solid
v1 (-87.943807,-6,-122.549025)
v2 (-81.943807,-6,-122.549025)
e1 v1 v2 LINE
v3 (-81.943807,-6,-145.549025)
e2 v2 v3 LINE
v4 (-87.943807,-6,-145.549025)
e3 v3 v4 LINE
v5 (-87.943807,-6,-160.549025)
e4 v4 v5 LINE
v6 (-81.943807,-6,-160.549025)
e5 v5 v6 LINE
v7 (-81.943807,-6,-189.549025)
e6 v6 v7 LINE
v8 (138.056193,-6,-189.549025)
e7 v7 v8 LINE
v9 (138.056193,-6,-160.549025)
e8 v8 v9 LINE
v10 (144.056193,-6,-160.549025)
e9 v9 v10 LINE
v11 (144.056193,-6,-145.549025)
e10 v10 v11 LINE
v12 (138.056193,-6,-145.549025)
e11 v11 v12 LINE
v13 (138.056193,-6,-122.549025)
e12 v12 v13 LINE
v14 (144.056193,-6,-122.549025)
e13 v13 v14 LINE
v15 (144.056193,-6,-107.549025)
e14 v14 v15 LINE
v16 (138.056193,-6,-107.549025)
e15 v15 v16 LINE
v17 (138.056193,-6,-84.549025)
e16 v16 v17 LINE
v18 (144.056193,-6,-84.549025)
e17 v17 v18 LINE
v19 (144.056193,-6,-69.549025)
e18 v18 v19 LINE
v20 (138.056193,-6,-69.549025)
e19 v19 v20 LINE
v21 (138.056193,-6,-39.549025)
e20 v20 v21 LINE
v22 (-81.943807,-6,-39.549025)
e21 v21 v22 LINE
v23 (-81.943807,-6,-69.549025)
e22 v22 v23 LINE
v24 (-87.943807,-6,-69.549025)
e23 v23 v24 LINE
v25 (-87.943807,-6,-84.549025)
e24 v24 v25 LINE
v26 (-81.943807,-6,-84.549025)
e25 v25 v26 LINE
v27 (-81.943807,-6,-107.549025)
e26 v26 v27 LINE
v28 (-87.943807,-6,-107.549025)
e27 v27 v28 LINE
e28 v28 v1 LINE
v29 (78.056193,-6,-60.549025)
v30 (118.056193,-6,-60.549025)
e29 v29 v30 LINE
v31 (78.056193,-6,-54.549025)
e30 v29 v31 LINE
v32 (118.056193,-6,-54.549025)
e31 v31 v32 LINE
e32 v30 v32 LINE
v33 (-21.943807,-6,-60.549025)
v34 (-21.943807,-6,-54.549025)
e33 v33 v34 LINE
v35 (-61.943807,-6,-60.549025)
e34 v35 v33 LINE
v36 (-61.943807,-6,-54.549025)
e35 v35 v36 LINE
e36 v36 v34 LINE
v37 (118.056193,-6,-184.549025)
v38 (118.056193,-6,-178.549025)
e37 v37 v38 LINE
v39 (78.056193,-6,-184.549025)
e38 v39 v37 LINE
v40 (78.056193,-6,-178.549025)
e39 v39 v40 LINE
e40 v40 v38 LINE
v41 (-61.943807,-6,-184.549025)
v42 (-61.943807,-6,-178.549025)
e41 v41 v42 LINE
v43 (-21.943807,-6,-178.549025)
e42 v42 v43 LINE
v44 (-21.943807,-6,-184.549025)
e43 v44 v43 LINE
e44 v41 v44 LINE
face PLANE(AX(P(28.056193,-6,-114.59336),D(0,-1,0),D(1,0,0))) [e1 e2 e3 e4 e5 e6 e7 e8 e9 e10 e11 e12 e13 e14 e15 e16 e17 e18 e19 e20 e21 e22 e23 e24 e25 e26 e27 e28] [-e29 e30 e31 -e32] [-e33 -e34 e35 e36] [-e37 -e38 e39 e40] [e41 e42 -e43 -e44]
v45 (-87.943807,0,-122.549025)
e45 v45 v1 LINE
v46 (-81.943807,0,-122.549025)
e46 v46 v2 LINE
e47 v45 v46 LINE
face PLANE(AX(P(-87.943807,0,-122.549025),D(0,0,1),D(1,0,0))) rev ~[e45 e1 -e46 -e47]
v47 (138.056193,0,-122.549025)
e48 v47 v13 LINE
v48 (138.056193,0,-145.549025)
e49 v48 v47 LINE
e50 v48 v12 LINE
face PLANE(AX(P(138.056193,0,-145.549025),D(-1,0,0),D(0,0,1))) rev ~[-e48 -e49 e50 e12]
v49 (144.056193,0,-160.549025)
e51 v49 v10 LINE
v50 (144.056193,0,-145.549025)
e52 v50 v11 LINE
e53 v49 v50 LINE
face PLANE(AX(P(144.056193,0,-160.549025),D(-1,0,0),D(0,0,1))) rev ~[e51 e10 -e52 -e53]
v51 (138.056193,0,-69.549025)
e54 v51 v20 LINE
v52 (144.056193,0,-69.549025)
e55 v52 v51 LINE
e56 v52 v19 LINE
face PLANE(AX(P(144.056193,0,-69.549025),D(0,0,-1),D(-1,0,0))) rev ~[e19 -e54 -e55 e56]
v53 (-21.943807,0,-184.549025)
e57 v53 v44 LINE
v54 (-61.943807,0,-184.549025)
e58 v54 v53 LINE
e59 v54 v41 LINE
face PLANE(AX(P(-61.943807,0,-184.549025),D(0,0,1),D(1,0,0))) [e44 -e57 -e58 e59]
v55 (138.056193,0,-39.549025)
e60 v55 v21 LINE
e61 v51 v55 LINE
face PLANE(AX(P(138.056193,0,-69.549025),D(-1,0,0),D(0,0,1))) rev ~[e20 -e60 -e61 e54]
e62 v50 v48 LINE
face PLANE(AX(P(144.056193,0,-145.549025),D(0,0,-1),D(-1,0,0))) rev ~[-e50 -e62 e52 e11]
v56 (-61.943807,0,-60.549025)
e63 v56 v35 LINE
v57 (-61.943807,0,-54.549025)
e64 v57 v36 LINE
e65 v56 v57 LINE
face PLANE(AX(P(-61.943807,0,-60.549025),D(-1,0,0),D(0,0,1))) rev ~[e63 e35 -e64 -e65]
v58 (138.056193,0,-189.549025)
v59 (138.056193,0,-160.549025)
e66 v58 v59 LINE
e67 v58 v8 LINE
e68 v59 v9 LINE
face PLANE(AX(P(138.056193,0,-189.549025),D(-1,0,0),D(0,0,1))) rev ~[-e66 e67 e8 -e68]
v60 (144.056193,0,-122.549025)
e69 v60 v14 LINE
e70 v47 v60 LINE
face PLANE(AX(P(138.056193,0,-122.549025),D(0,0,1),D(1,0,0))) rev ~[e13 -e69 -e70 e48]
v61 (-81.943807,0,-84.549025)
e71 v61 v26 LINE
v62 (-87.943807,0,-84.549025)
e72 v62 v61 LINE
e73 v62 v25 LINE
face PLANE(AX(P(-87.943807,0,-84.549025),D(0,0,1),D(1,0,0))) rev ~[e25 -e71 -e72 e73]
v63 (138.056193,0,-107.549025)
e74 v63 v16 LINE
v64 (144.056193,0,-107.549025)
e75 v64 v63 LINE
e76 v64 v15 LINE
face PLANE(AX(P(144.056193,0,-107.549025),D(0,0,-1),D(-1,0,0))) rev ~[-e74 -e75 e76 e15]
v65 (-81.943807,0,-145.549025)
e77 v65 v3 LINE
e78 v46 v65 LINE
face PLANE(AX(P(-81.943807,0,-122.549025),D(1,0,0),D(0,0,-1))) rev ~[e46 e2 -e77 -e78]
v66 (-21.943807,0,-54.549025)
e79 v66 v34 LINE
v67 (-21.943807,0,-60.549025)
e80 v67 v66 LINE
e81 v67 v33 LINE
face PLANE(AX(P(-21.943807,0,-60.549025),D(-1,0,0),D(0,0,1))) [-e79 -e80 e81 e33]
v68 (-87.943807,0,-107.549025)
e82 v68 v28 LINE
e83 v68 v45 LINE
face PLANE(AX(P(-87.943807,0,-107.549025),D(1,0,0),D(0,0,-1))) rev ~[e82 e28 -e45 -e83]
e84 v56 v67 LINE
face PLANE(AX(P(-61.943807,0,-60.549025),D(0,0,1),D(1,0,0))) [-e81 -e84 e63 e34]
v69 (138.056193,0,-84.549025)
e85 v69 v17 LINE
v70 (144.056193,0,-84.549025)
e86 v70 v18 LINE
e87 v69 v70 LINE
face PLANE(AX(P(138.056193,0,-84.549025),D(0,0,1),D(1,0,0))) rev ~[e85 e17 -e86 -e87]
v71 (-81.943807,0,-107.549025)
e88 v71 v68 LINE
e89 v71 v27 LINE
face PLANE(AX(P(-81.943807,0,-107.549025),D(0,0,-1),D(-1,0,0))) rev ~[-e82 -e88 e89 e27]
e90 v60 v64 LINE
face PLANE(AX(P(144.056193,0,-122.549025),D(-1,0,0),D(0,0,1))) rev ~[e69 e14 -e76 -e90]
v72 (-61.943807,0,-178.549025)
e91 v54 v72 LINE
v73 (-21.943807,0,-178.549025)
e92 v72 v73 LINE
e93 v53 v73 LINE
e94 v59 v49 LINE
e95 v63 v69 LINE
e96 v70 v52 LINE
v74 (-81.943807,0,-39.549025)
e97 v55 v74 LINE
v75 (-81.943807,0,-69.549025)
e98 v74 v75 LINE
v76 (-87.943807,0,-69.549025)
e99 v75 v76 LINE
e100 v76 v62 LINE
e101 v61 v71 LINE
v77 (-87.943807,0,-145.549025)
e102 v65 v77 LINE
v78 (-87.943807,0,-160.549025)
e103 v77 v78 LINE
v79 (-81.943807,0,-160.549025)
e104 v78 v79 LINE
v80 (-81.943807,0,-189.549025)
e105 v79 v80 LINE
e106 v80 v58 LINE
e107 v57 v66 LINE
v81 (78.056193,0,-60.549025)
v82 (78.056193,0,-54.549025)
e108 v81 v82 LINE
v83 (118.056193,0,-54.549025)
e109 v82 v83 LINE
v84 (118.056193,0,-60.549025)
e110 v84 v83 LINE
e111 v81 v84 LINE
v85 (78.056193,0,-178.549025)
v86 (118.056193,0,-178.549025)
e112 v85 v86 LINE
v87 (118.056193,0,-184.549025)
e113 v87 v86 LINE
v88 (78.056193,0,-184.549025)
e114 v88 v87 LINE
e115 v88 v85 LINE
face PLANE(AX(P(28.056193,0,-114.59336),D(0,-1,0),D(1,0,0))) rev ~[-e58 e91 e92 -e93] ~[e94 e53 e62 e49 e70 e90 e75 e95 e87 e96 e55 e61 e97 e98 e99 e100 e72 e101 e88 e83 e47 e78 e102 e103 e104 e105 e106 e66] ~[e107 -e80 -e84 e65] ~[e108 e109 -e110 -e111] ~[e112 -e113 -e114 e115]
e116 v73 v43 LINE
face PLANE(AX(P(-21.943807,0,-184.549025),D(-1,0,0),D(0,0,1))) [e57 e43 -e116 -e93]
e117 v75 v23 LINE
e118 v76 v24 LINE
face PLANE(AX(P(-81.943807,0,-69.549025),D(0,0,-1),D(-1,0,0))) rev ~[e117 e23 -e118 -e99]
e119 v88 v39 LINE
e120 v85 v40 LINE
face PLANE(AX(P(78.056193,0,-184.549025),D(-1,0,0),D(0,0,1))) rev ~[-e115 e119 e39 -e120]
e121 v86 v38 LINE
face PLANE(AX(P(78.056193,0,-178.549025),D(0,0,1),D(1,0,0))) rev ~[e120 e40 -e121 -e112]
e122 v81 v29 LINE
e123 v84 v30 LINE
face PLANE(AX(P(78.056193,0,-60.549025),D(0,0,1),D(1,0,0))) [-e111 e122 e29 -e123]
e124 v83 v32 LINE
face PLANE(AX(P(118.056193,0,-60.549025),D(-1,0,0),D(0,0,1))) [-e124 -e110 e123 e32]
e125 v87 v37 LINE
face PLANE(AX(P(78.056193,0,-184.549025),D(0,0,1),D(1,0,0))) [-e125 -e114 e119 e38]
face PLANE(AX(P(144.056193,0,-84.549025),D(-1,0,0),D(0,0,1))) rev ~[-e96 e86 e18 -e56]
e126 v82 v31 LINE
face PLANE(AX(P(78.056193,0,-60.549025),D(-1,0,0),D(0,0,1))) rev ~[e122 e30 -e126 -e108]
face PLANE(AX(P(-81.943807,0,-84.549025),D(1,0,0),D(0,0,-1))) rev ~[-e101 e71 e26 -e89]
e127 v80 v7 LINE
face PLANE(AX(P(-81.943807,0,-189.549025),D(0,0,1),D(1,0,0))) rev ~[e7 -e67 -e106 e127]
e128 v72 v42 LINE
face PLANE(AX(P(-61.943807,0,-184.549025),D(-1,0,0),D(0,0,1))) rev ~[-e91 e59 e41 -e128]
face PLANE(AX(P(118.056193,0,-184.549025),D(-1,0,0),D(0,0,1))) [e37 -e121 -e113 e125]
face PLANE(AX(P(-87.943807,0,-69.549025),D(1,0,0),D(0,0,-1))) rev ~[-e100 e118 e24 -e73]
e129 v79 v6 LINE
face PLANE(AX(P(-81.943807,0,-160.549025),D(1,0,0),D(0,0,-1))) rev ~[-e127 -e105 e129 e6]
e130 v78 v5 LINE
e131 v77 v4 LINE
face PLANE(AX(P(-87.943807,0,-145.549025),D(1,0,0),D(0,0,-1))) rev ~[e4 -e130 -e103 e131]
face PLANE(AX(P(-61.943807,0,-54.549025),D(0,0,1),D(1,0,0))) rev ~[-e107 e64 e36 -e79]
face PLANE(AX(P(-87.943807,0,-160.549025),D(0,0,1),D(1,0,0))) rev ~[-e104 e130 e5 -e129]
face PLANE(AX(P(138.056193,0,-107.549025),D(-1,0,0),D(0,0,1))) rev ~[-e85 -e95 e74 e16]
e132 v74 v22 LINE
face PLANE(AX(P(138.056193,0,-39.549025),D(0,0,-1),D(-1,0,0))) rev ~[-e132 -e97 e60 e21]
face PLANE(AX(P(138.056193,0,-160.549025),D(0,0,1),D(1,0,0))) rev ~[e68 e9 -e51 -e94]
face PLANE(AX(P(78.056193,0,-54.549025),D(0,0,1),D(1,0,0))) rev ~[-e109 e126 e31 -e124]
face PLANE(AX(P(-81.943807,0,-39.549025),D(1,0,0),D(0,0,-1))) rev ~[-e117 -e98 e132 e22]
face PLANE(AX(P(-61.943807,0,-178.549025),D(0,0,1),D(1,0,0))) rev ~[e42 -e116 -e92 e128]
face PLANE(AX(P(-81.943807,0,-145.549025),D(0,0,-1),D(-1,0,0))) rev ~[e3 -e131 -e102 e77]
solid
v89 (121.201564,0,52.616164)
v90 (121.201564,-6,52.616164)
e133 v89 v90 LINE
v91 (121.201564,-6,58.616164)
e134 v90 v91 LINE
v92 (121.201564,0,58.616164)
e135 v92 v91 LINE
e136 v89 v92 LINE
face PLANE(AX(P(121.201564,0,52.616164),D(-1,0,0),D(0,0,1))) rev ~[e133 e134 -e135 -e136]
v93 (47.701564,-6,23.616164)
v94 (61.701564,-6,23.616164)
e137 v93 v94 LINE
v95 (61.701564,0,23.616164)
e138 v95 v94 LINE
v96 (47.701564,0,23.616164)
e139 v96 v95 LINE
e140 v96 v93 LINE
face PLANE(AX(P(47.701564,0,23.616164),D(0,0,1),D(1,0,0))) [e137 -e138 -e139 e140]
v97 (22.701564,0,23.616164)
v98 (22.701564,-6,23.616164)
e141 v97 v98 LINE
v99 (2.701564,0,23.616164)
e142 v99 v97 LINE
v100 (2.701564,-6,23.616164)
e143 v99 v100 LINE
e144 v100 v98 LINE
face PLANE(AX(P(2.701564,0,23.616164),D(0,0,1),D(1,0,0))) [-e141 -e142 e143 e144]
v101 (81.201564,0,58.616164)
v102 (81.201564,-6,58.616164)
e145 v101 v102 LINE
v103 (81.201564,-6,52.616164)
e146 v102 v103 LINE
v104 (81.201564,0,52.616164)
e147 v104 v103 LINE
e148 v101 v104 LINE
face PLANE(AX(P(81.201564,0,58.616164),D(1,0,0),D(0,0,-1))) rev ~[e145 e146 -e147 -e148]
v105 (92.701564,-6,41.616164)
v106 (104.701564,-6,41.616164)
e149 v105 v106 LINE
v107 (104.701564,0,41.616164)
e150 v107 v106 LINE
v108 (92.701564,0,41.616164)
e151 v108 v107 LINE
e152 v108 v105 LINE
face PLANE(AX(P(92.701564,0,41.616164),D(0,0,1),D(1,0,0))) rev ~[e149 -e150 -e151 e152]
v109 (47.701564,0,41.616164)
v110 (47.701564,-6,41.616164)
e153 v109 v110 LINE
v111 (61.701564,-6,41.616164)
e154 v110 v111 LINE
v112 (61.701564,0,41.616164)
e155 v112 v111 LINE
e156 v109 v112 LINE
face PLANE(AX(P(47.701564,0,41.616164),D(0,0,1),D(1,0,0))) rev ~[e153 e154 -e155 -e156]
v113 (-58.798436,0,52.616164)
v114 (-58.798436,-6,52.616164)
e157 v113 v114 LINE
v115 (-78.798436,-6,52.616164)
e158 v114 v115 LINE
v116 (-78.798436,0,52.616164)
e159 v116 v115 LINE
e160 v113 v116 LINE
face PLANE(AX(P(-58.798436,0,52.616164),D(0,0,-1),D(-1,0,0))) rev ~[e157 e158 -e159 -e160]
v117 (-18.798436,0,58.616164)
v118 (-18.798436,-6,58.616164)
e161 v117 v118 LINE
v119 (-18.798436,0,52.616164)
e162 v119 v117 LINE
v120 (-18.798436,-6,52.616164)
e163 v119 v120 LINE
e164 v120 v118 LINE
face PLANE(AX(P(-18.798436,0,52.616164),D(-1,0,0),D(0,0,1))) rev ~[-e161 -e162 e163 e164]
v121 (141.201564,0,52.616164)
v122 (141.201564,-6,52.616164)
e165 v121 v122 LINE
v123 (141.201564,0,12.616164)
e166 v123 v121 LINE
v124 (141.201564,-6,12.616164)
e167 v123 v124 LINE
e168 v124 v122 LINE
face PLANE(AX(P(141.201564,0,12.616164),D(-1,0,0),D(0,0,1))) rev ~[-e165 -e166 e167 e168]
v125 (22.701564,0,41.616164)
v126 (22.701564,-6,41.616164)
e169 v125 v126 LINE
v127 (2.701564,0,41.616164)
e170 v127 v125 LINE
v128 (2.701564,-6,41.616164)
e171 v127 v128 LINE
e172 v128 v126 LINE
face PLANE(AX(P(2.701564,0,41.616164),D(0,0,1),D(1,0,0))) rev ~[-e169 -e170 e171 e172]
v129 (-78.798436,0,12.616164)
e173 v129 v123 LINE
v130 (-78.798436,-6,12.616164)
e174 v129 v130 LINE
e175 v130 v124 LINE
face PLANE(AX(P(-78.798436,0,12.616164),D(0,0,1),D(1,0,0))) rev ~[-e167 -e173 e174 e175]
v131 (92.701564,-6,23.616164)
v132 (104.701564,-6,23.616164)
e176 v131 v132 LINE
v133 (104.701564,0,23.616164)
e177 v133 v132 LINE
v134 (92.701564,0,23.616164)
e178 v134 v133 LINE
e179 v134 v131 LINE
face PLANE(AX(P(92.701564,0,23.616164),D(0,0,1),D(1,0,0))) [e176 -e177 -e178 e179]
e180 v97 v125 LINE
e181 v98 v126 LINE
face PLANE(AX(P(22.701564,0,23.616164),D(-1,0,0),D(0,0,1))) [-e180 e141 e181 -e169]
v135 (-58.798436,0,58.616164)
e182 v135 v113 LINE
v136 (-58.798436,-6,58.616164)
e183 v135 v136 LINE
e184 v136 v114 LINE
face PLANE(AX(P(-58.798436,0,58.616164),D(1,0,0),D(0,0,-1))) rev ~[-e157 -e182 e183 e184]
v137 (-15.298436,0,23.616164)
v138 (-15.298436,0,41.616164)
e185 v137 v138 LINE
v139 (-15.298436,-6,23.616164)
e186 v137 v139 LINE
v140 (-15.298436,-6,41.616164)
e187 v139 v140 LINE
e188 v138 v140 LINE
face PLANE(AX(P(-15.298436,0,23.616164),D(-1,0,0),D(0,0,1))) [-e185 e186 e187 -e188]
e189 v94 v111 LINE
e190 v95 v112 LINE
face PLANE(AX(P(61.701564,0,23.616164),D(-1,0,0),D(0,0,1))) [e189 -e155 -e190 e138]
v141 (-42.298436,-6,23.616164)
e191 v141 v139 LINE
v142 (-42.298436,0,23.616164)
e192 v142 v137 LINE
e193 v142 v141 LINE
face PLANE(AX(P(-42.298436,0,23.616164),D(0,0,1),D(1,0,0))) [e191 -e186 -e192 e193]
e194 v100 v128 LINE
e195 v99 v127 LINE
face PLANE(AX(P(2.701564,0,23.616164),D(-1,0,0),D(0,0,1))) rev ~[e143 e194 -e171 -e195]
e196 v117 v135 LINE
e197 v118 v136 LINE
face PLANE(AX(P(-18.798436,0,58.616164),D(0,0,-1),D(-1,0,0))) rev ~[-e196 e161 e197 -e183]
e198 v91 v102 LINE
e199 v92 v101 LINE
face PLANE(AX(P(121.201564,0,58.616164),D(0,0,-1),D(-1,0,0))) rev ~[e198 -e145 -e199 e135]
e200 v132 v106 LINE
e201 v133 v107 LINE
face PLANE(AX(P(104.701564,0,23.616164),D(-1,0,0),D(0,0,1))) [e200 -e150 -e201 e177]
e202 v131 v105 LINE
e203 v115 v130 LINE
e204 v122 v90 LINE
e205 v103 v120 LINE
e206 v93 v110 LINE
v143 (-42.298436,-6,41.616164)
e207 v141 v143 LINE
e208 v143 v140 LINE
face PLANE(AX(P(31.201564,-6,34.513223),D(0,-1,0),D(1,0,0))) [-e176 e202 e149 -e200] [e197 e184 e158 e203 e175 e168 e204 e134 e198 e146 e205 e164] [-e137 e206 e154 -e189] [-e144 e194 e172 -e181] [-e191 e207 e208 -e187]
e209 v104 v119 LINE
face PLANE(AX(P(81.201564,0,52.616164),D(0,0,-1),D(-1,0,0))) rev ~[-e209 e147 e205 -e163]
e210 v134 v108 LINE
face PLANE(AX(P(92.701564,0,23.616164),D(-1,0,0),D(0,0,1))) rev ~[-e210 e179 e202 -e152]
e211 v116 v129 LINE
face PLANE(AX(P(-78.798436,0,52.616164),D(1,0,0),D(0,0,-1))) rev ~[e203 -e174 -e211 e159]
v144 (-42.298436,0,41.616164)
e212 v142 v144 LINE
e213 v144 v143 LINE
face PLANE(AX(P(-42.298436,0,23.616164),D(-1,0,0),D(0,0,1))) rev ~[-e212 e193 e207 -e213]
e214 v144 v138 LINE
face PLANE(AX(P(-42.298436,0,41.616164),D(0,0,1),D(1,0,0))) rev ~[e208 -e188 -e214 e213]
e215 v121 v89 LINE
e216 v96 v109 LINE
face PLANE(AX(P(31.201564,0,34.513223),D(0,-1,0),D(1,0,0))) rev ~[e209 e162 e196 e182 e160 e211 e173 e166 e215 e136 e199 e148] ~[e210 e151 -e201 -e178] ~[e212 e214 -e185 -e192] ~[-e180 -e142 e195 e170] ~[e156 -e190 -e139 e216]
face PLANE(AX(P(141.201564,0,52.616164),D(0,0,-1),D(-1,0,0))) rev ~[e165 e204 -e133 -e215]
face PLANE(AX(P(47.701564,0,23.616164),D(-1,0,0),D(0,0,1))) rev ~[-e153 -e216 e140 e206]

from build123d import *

# Parameters (mm, degrees)
F0_W     = 40
F0_H     = 6
F1_DEPTH = 6
F0_W_2   = 27
F0_H_2   = 18
F0_W_3   = 20
F0_W_4   = 14
F0_W_5   = 12
F2_DEPTH = 6


with BuildPart() as f1:
    # F0 (on Front) → F1 (new body)
    with BuildSketch(Plane.XZ):
        Polygon((138.056193, -39.549025), (-81.943807, -39.549025), (-81.943807, -69.549025), (-87.943807, -69.549025), (-87.943807, -84.549025), (-81.943807, -84.549025), (-81.943807, -107.549025), (-87.943807, -107.549025), (-87.943807, -122.549025), (-81.943807, -122.549025), (-81.943807, -145.549025), (-87.943807, -145.549025), (-87.943807, -160.549025), (-81.943807, -160.549025), (-81.943807, -189.549025), (138.056193, -189.549025), (138.056193, -160.549025), (144.056193, -160.549025), (144.056193, -145.549025), (138.056193, -145.549025), (138.056193, -122.549025), (144.056193, -122.549025), (144.056193, -107.549025), (138.056193, -107.549025), (138.056193, -84.549025), (144.056193, -84.549025), (144.056193, -69.549025), (138.056193, -69.549025), align=None)
        with Locations((-41.943807, -181.549025)):
            Rectangle(F0_W, F0_H, mode=Mode.SUBTRACT)
        with Locations((98.056193, -181.549025)):
            Rectangle(F0_W, F0_H, mode=Mode.SUBTRACT)
        with Locations((-41.943807, -57.549025)):
            Rectangle(F0_W, F0_H, mode=Mode.SUBTRACT)
        with Locations((98.056193, -57.549025)):
            Rectangle(F0_W, F0_H, mode=Mode.SUBTRACT)
    extrude(amount=F1_DEPTH)


with BuildPart() as f2:
    # F0 (on Front) → F2 (new body)
    with BuildSketch(Plane.XZ):
        Polygon((-58.798436, 52.616164), (-78.798436, 52.616164), (-78.798436, 12.616164), (141.201564, 12.616164), (141.201564, 52.616164), (121.201564, 52.616164), (121.201564, 58.616164), (81.201564, 58.616164), (81.201564, 52.616164), (-18.798436, 52.616164), (-18.798436, 58.616164), (-58.798436, 58.616164), align=None)
        with Locations((-28.798436, 32.616164)):
            Rectangle(F0_W_2, F0_H_2, mode=Mode.SUBTRACT)
        with Locations((12.701564, 32.616164)):
            Rectangle(F0_W_3, F0_H_2, mode=Mode.SUBTRACT)
        with Locations((54.701564, 32.616164)):
            Rectangle(F0_W_4, F0_H_2, mode=Mode.SUBTRACT)
        with Locations((98.701564, 32.616164)):
            Rectangle(F0_W_5, F0_H_2, mode=Mode.SUBTRACT)
    extrude(amount=F2_DEPTH)


solid = Compound([f1.part, f2.part])
